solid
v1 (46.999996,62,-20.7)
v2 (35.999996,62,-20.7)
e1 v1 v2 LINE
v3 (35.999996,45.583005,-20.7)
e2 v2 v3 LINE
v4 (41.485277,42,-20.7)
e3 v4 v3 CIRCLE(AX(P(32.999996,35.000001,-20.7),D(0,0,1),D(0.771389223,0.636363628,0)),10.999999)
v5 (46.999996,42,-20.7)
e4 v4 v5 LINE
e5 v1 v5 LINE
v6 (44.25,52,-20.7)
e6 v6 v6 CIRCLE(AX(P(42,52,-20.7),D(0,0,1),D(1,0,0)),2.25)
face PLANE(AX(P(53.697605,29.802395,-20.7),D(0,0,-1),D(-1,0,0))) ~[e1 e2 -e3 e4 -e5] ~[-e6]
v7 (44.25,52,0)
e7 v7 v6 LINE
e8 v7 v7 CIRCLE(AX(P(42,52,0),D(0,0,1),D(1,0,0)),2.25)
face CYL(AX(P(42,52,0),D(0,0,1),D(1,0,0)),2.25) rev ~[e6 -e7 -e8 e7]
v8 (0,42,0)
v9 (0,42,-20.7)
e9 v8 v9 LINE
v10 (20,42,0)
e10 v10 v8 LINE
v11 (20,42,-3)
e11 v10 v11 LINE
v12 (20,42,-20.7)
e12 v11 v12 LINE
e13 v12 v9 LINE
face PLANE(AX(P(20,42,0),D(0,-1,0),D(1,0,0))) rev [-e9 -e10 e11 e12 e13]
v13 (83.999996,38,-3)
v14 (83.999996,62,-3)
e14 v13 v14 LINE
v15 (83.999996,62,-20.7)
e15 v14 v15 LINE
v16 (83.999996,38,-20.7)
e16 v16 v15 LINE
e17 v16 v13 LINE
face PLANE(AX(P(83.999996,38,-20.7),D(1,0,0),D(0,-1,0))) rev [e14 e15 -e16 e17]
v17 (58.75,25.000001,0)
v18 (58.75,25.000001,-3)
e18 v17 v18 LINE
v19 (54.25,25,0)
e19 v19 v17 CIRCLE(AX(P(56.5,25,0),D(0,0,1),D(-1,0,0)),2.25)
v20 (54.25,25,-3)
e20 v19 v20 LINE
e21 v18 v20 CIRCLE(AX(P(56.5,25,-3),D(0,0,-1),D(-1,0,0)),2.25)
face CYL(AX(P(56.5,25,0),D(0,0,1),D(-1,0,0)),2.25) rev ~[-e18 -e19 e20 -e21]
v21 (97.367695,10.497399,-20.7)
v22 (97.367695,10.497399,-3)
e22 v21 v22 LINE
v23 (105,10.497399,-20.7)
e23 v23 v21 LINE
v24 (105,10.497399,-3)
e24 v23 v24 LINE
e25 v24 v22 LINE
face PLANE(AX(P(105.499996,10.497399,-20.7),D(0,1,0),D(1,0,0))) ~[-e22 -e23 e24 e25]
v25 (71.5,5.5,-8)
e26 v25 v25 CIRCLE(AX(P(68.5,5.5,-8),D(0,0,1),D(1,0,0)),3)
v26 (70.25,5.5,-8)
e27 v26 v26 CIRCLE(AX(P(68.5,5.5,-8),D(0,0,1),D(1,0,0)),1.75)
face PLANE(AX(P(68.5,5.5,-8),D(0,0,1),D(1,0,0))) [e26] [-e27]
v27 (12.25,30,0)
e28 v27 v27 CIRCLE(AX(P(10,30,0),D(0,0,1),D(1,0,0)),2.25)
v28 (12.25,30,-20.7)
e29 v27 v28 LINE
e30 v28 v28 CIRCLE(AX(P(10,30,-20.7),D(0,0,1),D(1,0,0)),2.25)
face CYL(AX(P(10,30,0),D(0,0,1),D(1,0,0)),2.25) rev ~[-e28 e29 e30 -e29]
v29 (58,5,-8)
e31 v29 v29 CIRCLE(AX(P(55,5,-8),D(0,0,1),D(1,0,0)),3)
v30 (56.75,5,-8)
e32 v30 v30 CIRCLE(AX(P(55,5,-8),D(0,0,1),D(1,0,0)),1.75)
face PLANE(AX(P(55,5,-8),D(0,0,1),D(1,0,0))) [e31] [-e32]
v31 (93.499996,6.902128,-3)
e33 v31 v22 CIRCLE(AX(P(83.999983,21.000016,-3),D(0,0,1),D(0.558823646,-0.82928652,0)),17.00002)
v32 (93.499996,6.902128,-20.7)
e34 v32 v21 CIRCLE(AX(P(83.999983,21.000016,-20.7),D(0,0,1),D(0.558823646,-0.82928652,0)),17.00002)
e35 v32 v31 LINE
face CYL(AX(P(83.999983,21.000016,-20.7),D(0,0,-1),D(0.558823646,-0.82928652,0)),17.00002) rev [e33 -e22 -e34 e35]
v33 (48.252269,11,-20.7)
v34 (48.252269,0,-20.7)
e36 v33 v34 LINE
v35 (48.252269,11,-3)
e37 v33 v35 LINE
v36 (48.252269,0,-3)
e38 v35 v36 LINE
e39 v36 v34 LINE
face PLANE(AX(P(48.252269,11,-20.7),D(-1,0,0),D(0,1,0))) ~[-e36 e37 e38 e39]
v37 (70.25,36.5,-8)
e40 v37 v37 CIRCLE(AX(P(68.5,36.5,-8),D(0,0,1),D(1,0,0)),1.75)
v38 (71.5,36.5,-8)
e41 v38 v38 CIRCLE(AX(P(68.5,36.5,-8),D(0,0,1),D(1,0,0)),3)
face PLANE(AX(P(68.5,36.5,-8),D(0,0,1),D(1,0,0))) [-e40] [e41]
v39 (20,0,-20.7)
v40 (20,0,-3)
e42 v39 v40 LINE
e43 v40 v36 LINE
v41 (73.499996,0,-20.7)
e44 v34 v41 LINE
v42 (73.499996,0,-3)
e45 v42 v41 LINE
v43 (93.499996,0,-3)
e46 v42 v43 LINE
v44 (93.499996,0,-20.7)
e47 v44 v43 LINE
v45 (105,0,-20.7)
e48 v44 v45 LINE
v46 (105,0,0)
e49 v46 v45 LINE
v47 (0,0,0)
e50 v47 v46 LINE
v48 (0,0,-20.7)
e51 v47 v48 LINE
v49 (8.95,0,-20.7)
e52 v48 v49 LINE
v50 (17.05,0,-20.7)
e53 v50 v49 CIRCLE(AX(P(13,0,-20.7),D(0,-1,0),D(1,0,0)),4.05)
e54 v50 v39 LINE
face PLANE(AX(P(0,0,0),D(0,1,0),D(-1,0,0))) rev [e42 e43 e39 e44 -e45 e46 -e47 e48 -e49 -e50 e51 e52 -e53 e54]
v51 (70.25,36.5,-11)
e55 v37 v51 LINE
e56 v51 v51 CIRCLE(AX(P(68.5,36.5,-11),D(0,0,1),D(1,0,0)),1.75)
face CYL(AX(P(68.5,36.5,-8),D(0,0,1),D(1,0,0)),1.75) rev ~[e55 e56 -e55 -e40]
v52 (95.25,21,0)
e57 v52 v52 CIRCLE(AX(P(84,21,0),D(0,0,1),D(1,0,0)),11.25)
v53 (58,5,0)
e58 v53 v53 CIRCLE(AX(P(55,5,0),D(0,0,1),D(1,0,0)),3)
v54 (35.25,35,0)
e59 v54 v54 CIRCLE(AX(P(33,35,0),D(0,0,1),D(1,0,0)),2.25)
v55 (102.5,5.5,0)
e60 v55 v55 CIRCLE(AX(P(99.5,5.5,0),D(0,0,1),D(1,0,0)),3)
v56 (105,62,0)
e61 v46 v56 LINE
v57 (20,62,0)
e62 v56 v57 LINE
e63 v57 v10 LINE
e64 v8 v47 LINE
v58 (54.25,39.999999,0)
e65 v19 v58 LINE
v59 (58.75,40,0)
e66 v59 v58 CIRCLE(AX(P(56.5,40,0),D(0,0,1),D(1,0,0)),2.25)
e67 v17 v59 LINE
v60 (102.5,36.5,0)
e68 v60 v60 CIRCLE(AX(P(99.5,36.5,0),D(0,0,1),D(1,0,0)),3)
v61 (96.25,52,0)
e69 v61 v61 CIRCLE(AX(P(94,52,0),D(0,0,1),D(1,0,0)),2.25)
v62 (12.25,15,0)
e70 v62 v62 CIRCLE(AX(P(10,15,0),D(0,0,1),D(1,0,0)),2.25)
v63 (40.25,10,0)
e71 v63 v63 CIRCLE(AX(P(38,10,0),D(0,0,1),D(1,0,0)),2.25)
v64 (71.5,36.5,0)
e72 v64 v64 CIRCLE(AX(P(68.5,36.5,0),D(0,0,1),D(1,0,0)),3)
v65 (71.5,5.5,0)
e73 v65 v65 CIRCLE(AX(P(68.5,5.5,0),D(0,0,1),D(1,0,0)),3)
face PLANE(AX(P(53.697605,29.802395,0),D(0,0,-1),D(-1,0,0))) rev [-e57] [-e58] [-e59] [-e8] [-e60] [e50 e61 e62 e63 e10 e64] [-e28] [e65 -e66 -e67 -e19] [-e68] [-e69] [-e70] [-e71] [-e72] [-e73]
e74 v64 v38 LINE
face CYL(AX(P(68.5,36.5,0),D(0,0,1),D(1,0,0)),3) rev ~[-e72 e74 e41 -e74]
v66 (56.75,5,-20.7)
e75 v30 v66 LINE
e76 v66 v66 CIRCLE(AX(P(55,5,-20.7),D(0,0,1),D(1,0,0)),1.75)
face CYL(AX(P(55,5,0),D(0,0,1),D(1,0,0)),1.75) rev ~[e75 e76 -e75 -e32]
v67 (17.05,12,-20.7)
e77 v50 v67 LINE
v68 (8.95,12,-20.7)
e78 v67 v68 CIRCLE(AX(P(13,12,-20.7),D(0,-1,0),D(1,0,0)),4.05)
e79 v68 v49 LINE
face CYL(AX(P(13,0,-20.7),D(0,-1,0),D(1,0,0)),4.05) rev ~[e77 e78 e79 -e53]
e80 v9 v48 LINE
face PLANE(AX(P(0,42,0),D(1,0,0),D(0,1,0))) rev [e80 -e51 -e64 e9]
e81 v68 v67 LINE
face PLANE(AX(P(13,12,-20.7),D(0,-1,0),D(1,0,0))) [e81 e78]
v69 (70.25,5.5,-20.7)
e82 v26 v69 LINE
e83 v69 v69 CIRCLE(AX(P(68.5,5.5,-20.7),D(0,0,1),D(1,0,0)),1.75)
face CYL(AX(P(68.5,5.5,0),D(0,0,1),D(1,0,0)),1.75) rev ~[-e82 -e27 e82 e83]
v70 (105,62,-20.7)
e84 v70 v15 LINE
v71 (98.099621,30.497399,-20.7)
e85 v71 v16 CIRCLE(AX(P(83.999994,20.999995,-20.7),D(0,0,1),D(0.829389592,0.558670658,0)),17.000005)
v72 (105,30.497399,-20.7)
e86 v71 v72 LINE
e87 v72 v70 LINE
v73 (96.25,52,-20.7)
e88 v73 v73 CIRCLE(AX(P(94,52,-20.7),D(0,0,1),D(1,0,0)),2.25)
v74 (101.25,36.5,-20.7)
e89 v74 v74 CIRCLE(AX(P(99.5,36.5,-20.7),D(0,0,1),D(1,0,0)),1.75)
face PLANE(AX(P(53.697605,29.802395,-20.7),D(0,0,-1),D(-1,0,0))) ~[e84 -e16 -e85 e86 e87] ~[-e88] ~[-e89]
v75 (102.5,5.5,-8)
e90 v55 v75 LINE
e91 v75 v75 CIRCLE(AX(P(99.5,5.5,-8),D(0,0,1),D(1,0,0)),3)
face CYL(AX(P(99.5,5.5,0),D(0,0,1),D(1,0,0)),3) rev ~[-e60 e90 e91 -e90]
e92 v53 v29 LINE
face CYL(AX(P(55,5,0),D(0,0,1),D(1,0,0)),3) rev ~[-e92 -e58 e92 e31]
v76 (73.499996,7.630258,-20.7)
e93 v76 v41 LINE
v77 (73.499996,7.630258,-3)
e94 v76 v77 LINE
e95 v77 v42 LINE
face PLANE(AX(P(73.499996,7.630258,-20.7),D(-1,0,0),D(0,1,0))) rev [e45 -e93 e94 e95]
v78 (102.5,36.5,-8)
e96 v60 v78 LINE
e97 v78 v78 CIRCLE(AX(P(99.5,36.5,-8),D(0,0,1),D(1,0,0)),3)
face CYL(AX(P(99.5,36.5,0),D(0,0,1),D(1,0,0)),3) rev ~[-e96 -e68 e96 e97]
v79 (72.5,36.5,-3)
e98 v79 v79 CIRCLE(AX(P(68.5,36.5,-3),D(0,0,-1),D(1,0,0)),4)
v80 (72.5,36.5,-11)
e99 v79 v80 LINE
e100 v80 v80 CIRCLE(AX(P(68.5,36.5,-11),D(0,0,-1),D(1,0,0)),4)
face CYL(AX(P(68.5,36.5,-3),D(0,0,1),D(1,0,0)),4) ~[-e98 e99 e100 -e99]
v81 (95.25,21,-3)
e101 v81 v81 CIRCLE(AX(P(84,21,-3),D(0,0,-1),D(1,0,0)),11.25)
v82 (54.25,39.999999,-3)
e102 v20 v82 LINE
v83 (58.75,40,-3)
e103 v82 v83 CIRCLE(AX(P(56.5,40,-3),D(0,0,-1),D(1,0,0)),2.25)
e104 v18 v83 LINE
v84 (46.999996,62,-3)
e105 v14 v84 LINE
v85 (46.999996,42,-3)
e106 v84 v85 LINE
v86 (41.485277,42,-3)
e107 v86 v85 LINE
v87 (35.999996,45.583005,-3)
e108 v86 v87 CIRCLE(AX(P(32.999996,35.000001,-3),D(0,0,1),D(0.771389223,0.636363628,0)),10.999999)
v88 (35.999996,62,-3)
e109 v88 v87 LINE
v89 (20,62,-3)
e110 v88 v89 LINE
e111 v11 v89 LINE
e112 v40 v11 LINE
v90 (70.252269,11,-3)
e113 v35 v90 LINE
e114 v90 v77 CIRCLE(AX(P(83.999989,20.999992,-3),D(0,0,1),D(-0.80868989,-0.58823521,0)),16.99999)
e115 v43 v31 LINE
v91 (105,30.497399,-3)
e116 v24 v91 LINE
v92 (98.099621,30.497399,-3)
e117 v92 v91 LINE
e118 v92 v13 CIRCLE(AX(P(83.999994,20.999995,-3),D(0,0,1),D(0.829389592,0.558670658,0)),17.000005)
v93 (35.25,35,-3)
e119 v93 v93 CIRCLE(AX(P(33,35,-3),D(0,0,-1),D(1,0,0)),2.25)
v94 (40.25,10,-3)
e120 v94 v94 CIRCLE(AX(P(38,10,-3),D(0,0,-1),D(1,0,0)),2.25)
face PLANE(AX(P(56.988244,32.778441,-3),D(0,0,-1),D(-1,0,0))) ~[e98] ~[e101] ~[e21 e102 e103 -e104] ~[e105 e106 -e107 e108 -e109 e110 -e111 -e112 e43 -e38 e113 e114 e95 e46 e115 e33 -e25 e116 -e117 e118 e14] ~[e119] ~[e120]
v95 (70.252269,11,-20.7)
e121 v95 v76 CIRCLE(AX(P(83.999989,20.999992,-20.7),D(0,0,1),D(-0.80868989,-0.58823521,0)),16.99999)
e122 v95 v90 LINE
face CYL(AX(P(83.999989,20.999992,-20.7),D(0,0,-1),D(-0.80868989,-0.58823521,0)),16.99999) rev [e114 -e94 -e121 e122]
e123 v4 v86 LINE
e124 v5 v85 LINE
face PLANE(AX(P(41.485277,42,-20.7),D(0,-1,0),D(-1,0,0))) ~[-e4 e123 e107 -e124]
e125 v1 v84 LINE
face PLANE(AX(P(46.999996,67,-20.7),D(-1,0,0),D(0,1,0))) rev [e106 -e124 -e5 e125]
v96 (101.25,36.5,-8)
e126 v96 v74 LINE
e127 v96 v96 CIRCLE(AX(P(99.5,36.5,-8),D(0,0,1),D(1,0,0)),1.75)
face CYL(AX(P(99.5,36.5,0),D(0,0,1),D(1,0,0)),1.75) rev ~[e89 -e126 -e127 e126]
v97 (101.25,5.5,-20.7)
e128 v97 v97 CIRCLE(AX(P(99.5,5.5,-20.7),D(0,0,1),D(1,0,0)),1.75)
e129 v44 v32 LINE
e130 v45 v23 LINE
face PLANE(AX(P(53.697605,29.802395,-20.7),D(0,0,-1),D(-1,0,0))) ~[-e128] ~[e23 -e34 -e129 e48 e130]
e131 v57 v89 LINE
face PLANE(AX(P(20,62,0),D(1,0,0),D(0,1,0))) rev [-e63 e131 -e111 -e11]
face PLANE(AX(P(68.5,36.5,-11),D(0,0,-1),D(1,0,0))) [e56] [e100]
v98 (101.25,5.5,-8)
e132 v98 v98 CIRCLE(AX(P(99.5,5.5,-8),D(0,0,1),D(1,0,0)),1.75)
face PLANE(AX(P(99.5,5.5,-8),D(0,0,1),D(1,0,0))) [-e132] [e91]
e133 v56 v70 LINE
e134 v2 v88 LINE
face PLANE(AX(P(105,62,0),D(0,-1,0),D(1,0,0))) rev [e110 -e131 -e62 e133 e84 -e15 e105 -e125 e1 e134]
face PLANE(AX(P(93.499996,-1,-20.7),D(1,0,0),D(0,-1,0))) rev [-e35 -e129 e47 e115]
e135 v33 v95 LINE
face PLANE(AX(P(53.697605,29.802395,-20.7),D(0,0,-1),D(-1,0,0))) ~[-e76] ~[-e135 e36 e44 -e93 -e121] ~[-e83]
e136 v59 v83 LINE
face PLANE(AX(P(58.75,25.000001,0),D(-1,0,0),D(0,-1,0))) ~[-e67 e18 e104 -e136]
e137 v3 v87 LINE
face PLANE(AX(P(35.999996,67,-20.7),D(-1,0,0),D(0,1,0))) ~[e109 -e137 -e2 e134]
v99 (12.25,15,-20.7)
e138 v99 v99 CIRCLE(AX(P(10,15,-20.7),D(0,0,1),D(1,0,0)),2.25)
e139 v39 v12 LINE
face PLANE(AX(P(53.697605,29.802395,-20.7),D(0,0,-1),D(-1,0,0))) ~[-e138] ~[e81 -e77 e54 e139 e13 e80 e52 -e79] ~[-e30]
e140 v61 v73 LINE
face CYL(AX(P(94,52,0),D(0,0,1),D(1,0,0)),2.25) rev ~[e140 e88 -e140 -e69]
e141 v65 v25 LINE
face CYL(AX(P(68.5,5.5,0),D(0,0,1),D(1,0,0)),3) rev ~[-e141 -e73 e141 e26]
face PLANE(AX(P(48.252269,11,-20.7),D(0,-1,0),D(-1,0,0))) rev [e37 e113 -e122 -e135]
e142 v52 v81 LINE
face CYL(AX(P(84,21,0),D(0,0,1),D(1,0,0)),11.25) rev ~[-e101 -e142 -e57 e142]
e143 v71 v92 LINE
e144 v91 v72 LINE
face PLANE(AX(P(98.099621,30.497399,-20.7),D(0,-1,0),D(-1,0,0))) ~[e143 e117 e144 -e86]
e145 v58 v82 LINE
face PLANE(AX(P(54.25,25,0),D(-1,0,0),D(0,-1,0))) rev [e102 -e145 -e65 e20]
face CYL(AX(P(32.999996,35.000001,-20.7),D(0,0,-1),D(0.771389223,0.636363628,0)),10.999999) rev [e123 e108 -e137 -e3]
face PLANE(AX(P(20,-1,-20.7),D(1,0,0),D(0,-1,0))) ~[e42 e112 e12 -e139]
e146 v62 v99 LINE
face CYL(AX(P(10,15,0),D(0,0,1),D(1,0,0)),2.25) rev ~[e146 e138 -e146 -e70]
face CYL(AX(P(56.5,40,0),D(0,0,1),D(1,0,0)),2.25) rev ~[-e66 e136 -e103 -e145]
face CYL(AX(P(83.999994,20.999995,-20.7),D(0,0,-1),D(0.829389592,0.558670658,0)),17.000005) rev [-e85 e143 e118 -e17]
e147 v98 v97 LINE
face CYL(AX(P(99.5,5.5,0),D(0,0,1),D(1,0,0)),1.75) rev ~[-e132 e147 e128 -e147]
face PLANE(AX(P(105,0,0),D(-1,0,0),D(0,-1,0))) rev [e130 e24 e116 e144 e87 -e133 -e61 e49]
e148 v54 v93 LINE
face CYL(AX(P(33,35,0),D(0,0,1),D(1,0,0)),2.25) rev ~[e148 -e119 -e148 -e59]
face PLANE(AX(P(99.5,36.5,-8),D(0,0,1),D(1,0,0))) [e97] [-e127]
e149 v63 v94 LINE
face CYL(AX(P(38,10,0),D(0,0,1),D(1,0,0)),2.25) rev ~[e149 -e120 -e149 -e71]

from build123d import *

# Parameters (mm, degrees)
SKETCH_R        = 2.25
SKETCH_R_2      = 11.25
SKETCH_R_3      = 1.75
PAD_DEPTH       = 20.7
POCKET_DEPTH    = 17.7
SKETCH002_R     = 4
PAD001_DEPTH    = 8
SKETCH003_R     = 3
POCKET001_DEPTH = 8
SKETCH004_R     = 1.75
POCKET002_DEPTH = 5
SKETCH005_R     = 4.05
POCKET003_DEPTH = 12
SKETCH006_R     = 1.75
POCKET004_DEPTH = 12.701


with BuildPart() as pocket_belt_path:
    # Sketch → Pad (new body)
    with BuildSketch(Plane.XY):
        Polygon((0, 0), (105, 0), (105, 62), (20, 62), (20, 42), (0, 42), align=None)
        with Locations((38, 10)):
            Circle(SKETCH_R, mode=Mode.SUBTRACT)
        with Locations((33, 35)):
            Circle(SKETCH_R, mode=Mode.SUBTRACT)
        with Locations((84, 21)):
            Circle(SKETCH_R_2, mode=Mode.SUBTRACT)
        with Locations((68.5, 36.5)):
            Circle(SKETCH_R_3, mode=Mode.SUBTRACT)
        with Locations((99.5, 36.5)):
            Circle(SKETCH_R_3, mode=Mode.SUBTRACT)
        with Locations((68.5, 5.5)):
            Circle(SKETCH_R_3, mode=Mode.SUBTRACT)
        with Locations((99.5, 5.5)):
            Circle(SKETCH_R_3, mode=Mode.SUBTRACT)
        with Locations((10, 30)):
            Circle(SKETCH_R, mode=Mode.SUBTRACT)
        with Locations((10, 15)):
            Circle(SKETCH_R, mode=Mode.SUBTRACT)
        with Locations((42, 52)):
            Circle(SKETCH_R, mode=Mode.SUBTRACT)
        with Locations((94, 52)):
            Circle(SKETCH_R, mode=Mode.SUBTRACT)
        with Locations((55, 5)):
            Circle(SKETCH_R_3, mode=Mode.SUBTRACT)
        with BuildLine():
            Line((58.75, 25.000001), (58.75, 40))
            ThreePointArc((58.75, 40), (56.5, 42.25), (54.25, 39.999999))
            Line((54.25, 25), (54.25, 39.999999))
            ThreePointArc((54.25, 25), (56.5, 22.75), (58.75, 25.000001))
        make_face(mode=Mode.SUBTRACT)
    extrude(amount=PAD_DEPTH)

    # Sketch001 → Pocket (cut)
    with BuildSketch(Plane.XY.offset(20.7)):
        with BuildLine():
            ThreePointArc((41.485277, 42), (39.015593, 44.209375), (35.999996, 45.583005))
            Line((35.999996, 67), (35.999996, 45.583005))
            Line((20, 67), (35.999996, 67))
            Line((20, -1), (20, 67))
            Line((20, -1), (48.252269, -1))
            Line((48.252269, 11), (48.252269, -1))
            Line((48.252269, 11), (70.252269, 11))
            ThreePointArc((70.252269, 11), (71.759618, 9.202833), (73.499996, 7.630258))
            Line((73.499996, 7.630258), (73.499996, -1))
            Line((73.499996, -1), (93.499996, -1))
            Line((93.499996, -1), (93.499996, 6.902128))
            ThreePointArc((93.499996, 6.902128), (95.574295, 8.548671), (97.367695, 10.497399))
            Line((105.499996, 10.497399), (97.367695, 10.497399))
            Line((105.499996, 30.497399), (105.499996, 10.497399))
            Line((98.099621, 30.497399), (105.499996, 30.497399))
            ThreePointArc((98.099621, 30.497399), (91.98574, 36.007594), (83.999996, 38))
            Line((83.999996, 38), (83.999996, 67))
            Line((83.999996, 67), (46.999996, 67))
            Line((46.999996, 67), (46.999996, 42))
            Line((41.485277, 42), (46.999996, 42))
        make_face()
    extrude(amount=-POCKET_DEPTH, mode=Mode.SUBTRACT)


with BuildPart() as pocket004:
    # Part__Mirroring: instance of Pocket belt path
    add(pocket_belt_path.part.mirror(Plane(origin=(52.5, 31, 0), x_dir=(0, 1, 0), z_dir=(0, 0, 1))))

    # Sketch002 → Pad001 (new body)
    with BuildSketch(Plane(origin=(0, 0, -3), x_dir=(1, 0, 0), z_dir=(0, 0, -1))):
        with Locations((68.5, -36.5)):
            Circle(SKETCH002_R)
    extrude(amount=PAD001_DEPTH)

    # Sketch003 → Pocket001 (cut)
    with BuildSketch(Plane.XY):
        with Locations((55, 5)):
            Circle(SKETCH003_R)
        with Locations((68.5, 36.5)):
            Circle(SKETCH003_R)
        with Locations((68.5, 5.5)):
            Circle(SKETCH003_R)
        with Locations((99.5, 36.5)):
            Circle(SKETCH003_R)
        with Locations((99.5, 5.5)):
            Circle(SKETCH003_R)
    extrude(amount=-POCKET001_DEPTH, mode=Mode.SUBTRACT)

    # Sketch004 → Pocket002 (cut)
    with BuildSketch(Plane.XY.offset(-8)):
        with Locations((94, 52)):
            Circle(SKETCH004_R)
    extrude(amount=-POCKET002_DEPTH, mode=Mode.SUBTRACT)

    # Sketch005 → Pocket003 (cut)
    with BuildSketch(Plane.XZ):
        with Locations((13, -20.7)):
            Circle(SKETCH005_R)
    extrude(amount=-POCKET003_DEPTH, mode=Mode.SUBTRACT)

    # Sketch006 → Pocket004 (cut, through all)
    with BuildSketch(Plane.XY.offset(-8)):
        with Locations((68.5, 36.5)):
            Circle(SKETCH006_R)
    extrude(amount=-POCKET004_DEPTH, mode=Mode.SUBTRACT)


solid = pocket004.part
